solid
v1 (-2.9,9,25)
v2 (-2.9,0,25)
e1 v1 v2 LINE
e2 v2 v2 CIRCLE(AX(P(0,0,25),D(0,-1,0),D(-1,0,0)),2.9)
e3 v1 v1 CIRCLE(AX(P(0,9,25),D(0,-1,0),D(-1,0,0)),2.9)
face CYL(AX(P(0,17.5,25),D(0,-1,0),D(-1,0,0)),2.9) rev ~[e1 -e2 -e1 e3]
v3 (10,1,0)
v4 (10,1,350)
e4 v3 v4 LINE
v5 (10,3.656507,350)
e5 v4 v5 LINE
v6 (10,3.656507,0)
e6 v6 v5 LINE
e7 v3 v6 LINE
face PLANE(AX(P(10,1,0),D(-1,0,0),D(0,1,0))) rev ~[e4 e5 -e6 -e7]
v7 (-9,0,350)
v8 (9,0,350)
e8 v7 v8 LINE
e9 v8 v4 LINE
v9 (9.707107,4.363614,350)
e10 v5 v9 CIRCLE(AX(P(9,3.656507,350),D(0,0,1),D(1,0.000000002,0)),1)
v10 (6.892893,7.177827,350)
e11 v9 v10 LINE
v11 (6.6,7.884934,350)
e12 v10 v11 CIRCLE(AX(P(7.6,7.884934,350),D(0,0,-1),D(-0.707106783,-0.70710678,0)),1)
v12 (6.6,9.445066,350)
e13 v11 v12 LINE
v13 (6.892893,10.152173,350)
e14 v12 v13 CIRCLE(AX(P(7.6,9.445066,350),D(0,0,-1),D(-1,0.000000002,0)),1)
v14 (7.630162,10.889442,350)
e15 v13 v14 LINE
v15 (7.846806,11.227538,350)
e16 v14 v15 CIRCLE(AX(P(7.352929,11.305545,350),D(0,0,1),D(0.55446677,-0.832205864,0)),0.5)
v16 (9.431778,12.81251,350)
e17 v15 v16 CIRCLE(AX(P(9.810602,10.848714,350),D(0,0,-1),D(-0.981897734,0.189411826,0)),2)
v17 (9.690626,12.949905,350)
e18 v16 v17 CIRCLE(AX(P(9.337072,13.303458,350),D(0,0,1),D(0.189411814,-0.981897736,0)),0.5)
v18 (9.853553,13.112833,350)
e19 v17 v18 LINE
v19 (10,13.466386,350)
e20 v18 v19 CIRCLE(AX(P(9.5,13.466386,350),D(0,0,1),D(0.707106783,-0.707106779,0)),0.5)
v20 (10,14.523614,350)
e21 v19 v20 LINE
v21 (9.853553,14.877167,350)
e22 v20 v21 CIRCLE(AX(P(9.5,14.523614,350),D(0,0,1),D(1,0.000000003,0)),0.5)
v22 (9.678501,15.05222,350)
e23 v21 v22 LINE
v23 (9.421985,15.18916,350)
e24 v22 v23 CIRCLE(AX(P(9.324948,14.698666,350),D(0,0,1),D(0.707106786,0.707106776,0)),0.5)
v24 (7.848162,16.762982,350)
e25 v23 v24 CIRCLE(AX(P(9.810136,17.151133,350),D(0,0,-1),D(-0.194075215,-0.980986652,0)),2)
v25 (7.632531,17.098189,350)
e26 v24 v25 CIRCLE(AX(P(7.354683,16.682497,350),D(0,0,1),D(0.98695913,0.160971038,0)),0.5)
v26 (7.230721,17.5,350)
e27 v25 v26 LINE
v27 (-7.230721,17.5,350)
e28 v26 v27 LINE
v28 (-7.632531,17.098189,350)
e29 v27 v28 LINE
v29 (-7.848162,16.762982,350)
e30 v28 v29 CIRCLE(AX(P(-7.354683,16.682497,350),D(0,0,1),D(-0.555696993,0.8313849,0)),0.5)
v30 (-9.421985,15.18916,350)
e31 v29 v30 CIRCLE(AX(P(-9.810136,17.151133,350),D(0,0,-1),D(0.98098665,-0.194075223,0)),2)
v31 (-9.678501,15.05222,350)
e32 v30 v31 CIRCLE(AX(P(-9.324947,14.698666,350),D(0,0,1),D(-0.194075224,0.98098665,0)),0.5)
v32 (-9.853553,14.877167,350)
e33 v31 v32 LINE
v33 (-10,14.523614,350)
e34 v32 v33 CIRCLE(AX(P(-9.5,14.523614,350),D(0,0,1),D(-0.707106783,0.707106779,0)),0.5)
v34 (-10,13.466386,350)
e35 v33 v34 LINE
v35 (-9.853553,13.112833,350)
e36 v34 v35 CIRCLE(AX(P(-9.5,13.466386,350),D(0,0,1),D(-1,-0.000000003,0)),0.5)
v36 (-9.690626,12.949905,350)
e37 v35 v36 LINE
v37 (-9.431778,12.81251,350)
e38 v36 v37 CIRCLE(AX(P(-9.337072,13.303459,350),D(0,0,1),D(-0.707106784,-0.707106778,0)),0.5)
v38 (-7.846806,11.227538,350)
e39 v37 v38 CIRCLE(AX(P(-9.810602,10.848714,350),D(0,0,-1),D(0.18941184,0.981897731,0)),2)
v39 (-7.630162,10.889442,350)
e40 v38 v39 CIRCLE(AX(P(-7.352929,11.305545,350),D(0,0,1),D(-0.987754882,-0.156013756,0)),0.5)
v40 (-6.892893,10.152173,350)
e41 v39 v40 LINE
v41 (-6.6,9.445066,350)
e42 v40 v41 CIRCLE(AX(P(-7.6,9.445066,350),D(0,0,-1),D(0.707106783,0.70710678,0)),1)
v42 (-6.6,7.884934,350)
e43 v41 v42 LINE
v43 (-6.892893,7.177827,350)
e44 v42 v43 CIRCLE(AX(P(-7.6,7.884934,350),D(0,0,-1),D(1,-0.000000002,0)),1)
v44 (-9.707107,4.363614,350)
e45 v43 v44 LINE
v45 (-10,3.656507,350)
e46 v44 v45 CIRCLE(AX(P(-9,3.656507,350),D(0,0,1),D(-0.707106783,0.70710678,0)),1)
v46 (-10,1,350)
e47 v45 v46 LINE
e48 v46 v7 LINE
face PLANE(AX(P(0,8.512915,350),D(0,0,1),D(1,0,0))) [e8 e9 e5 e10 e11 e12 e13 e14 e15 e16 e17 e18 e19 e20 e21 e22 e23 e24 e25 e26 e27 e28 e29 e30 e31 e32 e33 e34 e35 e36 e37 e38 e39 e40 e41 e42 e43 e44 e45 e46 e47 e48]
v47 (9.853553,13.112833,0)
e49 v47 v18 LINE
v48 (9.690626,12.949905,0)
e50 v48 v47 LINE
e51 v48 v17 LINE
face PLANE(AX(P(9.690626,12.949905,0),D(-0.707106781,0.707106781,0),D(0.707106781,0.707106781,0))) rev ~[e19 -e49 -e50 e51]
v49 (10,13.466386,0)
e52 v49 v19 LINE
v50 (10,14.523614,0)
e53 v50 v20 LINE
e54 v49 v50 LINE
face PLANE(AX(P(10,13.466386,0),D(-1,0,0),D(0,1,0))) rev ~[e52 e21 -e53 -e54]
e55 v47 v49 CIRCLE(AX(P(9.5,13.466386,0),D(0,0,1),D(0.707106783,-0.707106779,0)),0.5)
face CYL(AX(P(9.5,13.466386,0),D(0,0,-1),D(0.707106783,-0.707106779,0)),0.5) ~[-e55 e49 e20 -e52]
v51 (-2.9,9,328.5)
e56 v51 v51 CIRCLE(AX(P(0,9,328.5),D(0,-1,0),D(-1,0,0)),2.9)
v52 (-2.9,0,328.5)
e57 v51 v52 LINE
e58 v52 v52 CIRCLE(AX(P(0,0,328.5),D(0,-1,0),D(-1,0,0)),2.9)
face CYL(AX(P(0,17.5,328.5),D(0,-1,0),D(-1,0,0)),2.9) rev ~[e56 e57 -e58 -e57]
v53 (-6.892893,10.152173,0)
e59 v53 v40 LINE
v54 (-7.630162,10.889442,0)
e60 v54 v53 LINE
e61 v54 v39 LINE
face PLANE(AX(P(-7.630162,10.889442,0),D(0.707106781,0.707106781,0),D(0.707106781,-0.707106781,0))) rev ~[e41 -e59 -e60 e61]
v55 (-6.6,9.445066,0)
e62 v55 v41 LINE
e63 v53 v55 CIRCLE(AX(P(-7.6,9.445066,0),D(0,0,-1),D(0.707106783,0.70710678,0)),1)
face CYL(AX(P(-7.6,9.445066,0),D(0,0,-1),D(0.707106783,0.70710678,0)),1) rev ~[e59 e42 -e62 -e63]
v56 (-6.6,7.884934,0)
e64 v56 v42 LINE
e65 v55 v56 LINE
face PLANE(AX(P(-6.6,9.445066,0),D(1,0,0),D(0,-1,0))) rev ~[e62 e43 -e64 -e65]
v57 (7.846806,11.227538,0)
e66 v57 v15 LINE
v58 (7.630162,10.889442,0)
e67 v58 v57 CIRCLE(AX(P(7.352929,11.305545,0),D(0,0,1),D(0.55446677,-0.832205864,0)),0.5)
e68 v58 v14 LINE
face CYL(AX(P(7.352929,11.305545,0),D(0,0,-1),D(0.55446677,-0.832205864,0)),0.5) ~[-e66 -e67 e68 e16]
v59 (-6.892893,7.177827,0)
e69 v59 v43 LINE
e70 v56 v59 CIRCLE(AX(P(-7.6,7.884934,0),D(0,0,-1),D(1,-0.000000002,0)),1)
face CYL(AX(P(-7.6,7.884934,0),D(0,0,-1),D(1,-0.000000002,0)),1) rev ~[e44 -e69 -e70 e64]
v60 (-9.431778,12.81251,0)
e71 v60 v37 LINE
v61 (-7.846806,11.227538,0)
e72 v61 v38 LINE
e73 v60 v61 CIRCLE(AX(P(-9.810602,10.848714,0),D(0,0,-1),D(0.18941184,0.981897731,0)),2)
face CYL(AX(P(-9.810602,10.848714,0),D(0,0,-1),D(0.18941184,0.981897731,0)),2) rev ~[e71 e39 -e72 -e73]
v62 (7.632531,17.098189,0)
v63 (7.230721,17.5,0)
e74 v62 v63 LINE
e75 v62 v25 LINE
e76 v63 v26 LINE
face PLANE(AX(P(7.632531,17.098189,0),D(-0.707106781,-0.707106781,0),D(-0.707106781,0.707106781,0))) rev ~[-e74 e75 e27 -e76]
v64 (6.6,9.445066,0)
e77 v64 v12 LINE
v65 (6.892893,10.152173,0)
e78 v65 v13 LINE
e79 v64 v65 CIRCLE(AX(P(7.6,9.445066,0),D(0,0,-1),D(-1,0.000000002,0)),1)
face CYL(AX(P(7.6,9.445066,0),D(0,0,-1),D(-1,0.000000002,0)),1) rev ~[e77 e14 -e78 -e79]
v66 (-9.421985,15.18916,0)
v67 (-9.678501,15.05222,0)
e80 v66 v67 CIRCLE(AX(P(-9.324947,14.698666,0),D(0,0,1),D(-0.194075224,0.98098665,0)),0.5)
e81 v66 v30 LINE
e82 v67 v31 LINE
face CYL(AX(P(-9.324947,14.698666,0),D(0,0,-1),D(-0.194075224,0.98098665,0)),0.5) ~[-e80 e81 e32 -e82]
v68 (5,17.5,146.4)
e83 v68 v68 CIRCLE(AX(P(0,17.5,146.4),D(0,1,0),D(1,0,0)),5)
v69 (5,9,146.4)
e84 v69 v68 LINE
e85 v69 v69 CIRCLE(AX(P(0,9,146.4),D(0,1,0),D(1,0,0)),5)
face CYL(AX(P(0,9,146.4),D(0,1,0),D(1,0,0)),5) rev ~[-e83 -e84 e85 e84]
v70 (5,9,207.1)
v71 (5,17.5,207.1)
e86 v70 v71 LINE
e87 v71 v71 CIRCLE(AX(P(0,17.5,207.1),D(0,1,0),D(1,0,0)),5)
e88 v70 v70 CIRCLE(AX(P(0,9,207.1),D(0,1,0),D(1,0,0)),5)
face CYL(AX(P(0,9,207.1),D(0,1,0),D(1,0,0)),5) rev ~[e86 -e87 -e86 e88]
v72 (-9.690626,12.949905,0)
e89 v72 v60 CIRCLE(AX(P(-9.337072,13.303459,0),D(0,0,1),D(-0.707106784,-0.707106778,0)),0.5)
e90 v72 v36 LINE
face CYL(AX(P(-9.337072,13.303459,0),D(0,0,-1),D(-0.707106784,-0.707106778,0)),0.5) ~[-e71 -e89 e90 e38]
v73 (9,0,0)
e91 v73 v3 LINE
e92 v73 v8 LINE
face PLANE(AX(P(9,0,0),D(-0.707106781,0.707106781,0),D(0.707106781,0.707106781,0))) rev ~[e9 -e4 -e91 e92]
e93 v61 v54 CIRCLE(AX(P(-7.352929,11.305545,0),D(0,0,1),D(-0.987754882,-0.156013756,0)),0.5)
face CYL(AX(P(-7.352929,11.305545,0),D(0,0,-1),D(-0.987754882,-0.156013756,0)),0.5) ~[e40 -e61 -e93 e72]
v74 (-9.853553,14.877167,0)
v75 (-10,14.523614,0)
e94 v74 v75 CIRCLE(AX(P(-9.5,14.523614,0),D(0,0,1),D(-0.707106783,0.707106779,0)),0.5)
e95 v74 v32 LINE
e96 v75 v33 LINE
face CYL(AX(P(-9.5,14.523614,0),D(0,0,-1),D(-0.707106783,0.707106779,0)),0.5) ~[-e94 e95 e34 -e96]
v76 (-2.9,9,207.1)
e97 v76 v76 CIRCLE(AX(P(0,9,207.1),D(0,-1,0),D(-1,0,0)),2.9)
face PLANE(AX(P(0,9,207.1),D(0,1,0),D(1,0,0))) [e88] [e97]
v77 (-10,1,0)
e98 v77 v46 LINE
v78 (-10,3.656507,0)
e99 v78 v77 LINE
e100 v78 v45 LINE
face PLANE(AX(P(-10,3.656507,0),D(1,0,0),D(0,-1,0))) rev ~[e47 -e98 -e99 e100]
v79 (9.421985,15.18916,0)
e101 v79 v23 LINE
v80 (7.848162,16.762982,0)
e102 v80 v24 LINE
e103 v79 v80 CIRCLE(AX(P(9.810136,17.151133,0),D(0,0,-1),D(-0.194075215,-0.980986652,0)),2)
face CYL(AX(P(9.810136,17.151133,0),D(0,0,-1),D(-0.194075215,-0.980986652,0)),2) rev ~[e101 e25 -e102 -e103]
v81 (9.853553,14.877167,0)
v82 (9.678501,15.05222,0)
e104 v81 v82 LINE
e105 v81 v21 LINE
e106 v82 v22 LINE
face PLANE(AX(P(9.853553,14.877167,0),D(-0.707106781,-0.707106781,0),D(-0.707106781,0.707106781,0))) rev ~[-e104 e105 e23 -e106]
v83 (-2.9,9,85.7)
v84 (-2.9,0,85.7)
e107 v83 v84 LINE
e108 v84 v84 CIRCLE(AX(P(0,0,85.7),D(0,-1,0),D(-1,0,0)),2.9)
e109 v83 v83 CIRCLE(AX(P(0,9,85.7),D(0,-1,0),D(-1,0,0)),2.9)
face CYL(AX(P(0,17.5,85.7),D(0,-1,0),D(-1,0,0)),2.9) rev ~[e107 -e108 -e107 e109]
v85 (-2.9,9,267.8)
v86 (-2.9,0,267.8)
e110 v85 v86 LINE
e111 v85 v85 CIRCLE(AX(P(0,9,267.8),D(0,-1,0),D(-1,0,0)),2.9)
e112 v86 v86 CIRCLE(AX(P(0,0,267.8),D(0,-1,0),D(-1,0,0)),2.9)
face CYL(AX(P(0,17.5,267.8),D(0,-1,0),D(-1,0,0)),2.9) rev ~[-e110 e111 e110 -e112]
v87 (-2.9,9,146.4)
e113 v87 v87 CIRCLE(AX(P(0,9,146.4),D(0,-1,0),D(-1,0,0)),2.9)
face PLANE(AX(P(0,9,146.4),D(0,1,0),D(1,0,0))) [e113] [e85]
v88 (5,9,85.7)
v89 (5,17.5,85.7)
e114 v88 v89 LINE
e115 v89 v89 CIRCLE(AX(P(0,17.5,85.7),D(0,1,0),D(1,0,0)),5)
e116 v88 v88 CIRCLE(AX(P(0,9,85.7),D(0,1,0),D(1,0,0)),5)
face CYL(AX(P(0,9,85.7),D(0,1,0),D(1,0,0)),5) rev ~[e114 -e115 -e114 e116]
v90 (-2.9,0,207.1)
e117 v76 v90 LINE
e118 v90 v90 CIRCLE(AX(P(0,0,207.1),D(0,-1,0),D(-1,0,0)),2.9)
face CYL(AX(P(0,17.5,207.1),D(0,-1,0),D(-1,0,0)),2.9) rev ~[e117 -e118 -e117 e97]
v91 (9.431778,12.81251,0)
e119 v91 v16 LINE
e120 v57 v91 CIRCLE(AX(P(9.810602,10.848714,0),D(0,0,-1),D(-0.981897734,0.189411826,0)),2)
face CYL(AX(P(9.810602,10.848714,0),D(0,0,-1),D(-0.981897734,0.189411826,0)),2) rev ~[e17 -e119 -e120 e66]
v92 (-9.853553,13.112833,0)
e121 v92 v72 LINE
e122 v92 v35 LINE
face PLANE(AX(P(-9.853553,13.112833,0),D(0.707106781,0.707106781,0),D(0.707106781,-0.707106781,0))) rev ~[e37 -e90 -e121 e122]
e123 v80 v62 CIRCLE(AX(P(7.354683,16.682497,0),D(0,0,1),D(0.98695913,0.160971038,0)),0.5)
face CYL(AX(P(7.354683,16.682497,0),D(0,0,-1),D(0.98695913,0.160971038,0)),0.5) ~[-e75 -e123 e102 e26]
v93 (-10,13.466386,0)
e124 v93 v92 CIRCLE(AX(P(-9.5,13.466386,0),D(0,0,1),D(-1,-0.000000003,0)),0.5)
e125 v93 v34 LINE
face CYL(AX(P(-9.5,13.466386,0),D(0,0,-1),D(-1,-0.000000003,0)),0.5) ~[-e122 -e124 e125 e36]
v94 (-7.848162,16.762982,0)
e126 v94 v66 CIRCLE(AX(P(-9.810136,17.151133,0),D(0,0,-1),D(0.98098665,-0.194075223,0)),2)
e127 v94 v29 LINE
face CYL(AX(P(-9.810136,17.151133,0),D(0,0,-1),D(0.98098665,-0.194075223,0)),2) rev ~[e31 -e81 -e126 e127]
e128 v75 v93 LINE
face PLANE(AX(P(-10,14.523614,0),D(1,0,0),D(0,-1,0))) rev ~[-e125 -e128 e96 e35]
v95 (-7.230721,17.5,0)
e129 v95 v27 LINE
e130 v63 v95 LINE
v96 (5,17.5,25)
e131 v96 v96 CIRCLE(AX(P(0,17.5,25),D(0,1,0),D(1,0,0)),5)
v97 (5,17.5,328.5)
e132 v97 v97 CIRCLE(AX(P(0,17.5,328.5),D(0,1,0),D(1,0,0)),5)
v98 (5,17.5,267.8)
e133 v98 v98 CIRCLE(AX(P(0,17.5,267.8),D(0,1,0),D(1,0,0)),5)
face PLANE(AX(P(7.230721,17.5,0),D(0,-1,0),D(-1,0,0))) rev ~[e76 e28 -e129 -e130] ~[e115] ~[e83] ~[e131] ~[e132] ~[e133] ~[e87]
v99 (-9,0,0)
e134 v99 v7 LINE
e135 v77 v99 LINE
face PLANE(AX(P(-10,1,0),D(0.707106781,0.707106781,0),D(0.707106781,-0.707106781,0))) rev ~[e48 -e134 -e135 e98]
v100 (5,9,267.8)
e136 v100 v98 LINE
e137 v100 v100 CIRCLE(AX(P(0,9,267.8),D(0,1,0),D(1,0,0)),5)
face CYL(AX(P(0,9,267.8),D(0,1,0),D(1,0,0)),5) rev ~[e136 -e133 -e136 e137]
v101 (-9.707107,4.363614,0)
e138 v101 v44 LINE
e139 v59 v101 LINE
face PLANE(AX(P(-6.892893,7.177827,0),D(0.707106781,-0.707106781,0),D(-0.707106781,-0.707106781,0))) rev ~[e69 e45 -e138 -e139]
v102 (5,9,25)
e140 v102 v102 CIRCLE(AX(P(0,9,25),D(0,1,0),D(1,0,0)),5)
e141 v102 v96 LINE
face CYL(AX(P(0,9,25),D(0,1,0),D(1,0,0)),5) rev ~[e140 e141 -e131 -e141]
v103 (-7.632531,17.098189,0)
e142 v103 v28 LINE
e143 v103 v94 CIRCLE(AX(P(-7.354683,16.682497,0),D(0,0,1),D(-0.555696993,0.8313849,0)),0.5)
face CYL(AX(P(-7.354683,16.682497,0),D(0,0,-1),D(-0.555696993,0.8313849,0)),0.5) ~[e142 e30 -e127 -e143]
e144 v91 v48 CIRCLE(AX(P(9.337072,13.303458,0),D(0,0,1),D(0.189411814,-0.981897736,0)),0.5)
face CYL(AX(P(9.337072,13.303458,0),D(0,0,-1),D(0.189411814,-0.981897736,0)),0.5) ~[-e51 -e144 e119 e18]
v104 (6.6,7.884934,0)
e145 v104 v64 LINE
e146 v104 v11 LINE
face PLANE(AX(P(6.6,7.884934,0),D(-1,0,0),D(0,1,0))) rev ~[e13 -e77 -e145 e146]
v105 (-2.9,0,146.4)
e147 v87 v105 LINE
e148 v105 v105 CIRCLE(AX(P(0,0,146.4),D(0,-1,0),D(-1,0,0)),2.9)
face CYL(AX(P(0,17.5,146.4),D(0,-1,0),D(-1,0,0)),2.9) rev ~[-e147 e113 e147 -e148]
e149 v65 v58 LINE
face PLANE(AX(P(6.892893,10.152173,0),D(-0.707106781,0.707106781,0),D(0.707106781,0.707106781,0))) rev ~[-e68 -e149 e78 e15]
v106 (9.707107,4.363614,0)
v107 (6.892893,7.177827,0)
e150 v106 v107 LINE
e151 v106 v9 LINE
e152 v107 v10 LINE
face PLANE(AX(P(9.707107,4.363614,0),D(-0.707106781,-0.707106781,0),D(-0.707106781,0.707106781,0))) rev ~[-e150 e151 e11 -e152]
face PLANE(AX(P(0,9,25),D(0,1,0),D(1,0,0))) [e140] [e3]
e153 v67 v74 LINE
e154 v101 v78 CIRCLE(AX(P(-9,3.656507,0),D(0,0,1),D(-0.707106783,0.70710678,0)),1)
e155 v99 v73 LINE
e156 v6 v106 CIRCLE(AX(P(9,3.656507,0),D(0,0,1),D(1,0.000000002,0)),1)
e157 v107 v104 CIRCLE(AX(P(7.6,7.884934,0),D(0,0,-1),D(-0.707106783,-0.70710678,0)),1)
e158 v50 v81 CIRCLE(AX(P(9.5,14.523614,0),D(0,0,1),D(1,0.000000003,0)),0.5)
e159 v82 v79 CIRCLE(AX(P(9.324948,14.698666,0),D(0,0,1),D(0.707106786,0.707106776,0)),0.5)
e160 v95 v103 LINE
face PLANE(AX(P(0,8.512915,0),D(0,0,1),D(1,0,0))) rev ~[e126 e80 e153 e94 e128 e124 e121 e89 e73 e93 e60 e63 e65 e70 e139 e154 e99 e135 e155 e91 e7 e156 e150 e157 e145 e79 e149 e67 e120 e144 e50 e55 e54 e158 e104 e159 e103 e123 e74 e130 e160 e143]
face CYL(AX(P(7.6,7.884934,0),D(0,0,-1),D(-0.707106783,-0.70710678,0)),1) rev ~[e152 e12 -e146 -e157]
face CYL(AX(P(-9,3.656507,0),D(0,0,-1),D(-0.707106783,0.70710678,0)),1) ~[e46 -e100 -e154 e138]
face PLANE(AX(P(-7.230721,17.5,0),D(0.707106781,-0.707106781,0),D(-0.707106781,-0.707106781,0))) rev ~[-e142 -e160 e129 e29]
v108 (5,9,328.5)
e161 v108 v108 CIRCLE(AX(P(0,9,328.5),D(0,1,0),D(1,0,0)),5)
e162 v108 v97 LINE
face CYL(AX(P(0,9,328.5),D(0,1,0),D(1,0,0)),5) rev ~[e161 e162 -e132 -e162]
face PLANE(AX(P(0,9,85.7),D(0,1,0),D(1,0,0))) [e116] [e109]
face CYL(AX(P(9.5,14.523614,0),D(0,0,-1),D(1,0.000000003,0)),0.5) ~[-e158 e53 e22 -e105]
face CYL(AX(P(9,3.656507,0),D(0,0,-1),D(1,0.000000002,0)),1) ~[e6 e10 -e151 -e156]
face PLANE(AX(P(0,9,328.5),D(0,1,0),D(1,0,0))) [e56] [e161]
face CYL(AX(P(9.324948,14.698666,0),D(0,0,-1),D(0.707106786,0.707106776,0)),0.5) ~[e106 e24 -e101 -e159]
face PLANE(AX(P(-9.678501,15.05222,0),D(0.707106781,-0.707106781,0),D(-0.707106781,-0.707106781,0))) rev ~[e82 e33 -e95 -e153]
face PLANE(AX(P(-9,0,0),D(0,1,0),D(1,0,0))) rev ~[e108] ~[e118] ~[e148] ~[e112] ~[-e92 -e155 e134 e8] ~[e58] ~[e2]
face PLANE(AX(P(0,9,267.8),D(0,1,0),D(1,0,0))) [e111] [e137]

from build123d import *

# Parameters (mm, degrees)
HGR_HGR20_1_DEPTH                                   = 350
CBORE_FOR_M5_HEX_SOCKET_HEAD_CAP_SCREW1_D           = 5.8
CBORE_FOR_M5_HEX_SOCKET_HEAD_CAP_SCREW1_CBORE_D     = 10
CBORE_FOR_M5_HEX_SOCKET_HEAD_CAP_SCREW1_CBORE_DEPTH = 8.5
LPATTERN1_COUNT                                     = 6
LPATTERN1_PITCH                                     = 60.7


with BuildPart() as part:
    # Sketch12 → Hgr HGR20(1) (new body)
    with BuildSketch(Plane.XY):
        with BuildLine():
            Line((-9, 0), (9, 0))
            Line((9, 0), (10, 1))
            Line((10, 1), (10, 3.656507036))
            ThreePointArc((10, 3.656507036), (9.92387953, 4.039190479), (9.707106773, 4.363613837))
            Line((9.707106773, 4.363613837), (6.892893227, 7.177827383))
            ThreePointArc((6.892893227, 7.177827383), (6.67612047, 7.502250741), (6.6, 7.884934184))
            Line((6.6, 7.884934184), (6.6, 9.445065806))
            ThreePointArc((6.6, 9.445065806), (6.67612047, 9.827749249), (6.892893227, 10.152172607))
            Line((6.892893227, 10.152172607), (7.63016236, 10.88944174))
            ThreePointArc((7.63016236, 10.88944174), (7.773916168, 11.035785916), (7.84680643, 11.2275378))
            ThreePointArc((7.84680643, 11.2275378), (8.396388337, 12.262927707), (9.431778248, 12.812509604))
            ThreePointArc((9.431778248, 12.812509604), (9.57149389, 12.861817745), (9.690625667, 12.949905047))
            Line((9.690625667, 12.949905047), (9.85355341, 13.11283279))
            ThreePointArc((9.85355341, 13.11283279), (9.961939771, 13.275044443), (10, 13.466386134))
            Line((10, 13.466386134), (10, 14.523613846))
            ThreePointArc((10, 14.523613846), (9.961939771, 14.714955537), (9.85355341, 14.87716719))
            Line((9.85355341, 14.87716719), (9.678500884, 15.052219716))
            ThreePointArc((9.678500884, 15.052219716), (9.560417671, 15.13974885), (9.421985128, 15.189159636))
            ThreePointArc((9.421985128, 15.189159636), (8.395921997, 15.736919373), (7.84816225, 16.7629825))
            ThreePointArc((7.84816225, 16.7629825), (7.7751915, 16.95300083), (7.63253117, 17.09818942))
            Line((7.63253117, 17.09818942), (7.23072061, 17.49999998))
            Line((7.23072061, 17.49999998), (-7.23072061, 17.49999998))
            Line((-7.23072061, 17.49999998), (-7.63253117, 17.09818942))
            ThreePointArc((-7.63253117, 17.09818942), (-7.775191493, 16.953000826), (-7.84816225, 16.7629825))
            ThreePointArc((-7.84816225, 16.7629825), (-8.395921988, 15.736919382), (-9.421985103, 15.189159641))
            ThreePointArc((-9.421985103, 15.189159641), (-9.560417671, 15.139748844), (-9.678500907, 15.052219693))
            Line((-9.678500907, 15.052219693), (-9.85355341, 14.87716719))
            ThreePointArc((-9.85355341, 14.87716719), (-9.961939771, 14.714955537), (-10, 14.523613846))
            Line((-10, 14.523613846), (-10, 13.466386134))
            ThreePointArc((-10, 13.466386134), (-9.961939771, 13.275044443), (-9.85355341, 13.11283279))
            Line((-9.85355341, 13.11283279), (-9.690625709, 12.949905089))
            ThreePointArc((-9.690625709, 12.949905089), (-9.571493891, 12.861817755), (-9.431778202, 12.812509595))
            ThreePointArc((-9.431778202, 12.812509595), (-8.39638832, 12.26292769), (-7.84680643, 11.2275378))
            ThreePointArc((-7.84680643, 11.2275378), (-7.773916172, 11.035785914), (-7.63016236, 10.88944174))
            Line((-7.63016236, 10.88944174), (-6.892893227, 10.152172607))
            ThreePointArc((-6.892893227, 10.152172607), (-6.67612047, 9.827749249), (-6.6, 9.445065806))
            Line((-6.6, 9.445065806), (-6.6, 7.884934184))
            ThreePointArc((-6.6, 7.884934184), (-6.67612047, 7.502250741), (-6.892893227, 7.177827383))
            Line((-6.892893227, 7.177827383), (-9.707106773, 4.363613837))
            ThreePointArc((-9.707106773, 4.363613837), (-9.92387953, 4.039190479), (-10, 3.656507036))
            Line((-10, 3.656507036), (-10, 1))
            Line((-10, 1), (-9, 0))
        make_face()
    extrude(amount=HGR_HGR20_1_DEPTH)

    # CBORE for M5 Hex Socket Head Cap Screw1 (through all)
    with Locations(Plane(origin=(0, 17.49999998, 0), x_dir=(1, 0, 0), z_dir=(0, 1, 0))):
        with Locations((0, -25)):
            cbore_for_m5_hex_socket_head_cap_screw1 = CounterBoreHole(CBORE_FOR_M5_HEX_SOCKET_HEAD_CAP_SCREW1_D / 2, CBORE_FOR_M5_HEX_SOCKET_HEAD_CAP_SCREW1_CBORE_D / 2, CBORE_FOR_M5_HEX_SOCKET_HEAD_CAP_SCREW1_CBORE_DEPTH)

    # LPattern1: CBORE for M5 Hex Socket Head Cap Screw1 ×6
    with Locations(*[(0, 0, i * LPATTERN1_PITCH) for i in range(1, LPATTERN1_COUNT)]):
        add(cbore_for_m5_hex_socket_head_cap_screw1, mode=Mode.SUBTRACT)


solid = part.part
